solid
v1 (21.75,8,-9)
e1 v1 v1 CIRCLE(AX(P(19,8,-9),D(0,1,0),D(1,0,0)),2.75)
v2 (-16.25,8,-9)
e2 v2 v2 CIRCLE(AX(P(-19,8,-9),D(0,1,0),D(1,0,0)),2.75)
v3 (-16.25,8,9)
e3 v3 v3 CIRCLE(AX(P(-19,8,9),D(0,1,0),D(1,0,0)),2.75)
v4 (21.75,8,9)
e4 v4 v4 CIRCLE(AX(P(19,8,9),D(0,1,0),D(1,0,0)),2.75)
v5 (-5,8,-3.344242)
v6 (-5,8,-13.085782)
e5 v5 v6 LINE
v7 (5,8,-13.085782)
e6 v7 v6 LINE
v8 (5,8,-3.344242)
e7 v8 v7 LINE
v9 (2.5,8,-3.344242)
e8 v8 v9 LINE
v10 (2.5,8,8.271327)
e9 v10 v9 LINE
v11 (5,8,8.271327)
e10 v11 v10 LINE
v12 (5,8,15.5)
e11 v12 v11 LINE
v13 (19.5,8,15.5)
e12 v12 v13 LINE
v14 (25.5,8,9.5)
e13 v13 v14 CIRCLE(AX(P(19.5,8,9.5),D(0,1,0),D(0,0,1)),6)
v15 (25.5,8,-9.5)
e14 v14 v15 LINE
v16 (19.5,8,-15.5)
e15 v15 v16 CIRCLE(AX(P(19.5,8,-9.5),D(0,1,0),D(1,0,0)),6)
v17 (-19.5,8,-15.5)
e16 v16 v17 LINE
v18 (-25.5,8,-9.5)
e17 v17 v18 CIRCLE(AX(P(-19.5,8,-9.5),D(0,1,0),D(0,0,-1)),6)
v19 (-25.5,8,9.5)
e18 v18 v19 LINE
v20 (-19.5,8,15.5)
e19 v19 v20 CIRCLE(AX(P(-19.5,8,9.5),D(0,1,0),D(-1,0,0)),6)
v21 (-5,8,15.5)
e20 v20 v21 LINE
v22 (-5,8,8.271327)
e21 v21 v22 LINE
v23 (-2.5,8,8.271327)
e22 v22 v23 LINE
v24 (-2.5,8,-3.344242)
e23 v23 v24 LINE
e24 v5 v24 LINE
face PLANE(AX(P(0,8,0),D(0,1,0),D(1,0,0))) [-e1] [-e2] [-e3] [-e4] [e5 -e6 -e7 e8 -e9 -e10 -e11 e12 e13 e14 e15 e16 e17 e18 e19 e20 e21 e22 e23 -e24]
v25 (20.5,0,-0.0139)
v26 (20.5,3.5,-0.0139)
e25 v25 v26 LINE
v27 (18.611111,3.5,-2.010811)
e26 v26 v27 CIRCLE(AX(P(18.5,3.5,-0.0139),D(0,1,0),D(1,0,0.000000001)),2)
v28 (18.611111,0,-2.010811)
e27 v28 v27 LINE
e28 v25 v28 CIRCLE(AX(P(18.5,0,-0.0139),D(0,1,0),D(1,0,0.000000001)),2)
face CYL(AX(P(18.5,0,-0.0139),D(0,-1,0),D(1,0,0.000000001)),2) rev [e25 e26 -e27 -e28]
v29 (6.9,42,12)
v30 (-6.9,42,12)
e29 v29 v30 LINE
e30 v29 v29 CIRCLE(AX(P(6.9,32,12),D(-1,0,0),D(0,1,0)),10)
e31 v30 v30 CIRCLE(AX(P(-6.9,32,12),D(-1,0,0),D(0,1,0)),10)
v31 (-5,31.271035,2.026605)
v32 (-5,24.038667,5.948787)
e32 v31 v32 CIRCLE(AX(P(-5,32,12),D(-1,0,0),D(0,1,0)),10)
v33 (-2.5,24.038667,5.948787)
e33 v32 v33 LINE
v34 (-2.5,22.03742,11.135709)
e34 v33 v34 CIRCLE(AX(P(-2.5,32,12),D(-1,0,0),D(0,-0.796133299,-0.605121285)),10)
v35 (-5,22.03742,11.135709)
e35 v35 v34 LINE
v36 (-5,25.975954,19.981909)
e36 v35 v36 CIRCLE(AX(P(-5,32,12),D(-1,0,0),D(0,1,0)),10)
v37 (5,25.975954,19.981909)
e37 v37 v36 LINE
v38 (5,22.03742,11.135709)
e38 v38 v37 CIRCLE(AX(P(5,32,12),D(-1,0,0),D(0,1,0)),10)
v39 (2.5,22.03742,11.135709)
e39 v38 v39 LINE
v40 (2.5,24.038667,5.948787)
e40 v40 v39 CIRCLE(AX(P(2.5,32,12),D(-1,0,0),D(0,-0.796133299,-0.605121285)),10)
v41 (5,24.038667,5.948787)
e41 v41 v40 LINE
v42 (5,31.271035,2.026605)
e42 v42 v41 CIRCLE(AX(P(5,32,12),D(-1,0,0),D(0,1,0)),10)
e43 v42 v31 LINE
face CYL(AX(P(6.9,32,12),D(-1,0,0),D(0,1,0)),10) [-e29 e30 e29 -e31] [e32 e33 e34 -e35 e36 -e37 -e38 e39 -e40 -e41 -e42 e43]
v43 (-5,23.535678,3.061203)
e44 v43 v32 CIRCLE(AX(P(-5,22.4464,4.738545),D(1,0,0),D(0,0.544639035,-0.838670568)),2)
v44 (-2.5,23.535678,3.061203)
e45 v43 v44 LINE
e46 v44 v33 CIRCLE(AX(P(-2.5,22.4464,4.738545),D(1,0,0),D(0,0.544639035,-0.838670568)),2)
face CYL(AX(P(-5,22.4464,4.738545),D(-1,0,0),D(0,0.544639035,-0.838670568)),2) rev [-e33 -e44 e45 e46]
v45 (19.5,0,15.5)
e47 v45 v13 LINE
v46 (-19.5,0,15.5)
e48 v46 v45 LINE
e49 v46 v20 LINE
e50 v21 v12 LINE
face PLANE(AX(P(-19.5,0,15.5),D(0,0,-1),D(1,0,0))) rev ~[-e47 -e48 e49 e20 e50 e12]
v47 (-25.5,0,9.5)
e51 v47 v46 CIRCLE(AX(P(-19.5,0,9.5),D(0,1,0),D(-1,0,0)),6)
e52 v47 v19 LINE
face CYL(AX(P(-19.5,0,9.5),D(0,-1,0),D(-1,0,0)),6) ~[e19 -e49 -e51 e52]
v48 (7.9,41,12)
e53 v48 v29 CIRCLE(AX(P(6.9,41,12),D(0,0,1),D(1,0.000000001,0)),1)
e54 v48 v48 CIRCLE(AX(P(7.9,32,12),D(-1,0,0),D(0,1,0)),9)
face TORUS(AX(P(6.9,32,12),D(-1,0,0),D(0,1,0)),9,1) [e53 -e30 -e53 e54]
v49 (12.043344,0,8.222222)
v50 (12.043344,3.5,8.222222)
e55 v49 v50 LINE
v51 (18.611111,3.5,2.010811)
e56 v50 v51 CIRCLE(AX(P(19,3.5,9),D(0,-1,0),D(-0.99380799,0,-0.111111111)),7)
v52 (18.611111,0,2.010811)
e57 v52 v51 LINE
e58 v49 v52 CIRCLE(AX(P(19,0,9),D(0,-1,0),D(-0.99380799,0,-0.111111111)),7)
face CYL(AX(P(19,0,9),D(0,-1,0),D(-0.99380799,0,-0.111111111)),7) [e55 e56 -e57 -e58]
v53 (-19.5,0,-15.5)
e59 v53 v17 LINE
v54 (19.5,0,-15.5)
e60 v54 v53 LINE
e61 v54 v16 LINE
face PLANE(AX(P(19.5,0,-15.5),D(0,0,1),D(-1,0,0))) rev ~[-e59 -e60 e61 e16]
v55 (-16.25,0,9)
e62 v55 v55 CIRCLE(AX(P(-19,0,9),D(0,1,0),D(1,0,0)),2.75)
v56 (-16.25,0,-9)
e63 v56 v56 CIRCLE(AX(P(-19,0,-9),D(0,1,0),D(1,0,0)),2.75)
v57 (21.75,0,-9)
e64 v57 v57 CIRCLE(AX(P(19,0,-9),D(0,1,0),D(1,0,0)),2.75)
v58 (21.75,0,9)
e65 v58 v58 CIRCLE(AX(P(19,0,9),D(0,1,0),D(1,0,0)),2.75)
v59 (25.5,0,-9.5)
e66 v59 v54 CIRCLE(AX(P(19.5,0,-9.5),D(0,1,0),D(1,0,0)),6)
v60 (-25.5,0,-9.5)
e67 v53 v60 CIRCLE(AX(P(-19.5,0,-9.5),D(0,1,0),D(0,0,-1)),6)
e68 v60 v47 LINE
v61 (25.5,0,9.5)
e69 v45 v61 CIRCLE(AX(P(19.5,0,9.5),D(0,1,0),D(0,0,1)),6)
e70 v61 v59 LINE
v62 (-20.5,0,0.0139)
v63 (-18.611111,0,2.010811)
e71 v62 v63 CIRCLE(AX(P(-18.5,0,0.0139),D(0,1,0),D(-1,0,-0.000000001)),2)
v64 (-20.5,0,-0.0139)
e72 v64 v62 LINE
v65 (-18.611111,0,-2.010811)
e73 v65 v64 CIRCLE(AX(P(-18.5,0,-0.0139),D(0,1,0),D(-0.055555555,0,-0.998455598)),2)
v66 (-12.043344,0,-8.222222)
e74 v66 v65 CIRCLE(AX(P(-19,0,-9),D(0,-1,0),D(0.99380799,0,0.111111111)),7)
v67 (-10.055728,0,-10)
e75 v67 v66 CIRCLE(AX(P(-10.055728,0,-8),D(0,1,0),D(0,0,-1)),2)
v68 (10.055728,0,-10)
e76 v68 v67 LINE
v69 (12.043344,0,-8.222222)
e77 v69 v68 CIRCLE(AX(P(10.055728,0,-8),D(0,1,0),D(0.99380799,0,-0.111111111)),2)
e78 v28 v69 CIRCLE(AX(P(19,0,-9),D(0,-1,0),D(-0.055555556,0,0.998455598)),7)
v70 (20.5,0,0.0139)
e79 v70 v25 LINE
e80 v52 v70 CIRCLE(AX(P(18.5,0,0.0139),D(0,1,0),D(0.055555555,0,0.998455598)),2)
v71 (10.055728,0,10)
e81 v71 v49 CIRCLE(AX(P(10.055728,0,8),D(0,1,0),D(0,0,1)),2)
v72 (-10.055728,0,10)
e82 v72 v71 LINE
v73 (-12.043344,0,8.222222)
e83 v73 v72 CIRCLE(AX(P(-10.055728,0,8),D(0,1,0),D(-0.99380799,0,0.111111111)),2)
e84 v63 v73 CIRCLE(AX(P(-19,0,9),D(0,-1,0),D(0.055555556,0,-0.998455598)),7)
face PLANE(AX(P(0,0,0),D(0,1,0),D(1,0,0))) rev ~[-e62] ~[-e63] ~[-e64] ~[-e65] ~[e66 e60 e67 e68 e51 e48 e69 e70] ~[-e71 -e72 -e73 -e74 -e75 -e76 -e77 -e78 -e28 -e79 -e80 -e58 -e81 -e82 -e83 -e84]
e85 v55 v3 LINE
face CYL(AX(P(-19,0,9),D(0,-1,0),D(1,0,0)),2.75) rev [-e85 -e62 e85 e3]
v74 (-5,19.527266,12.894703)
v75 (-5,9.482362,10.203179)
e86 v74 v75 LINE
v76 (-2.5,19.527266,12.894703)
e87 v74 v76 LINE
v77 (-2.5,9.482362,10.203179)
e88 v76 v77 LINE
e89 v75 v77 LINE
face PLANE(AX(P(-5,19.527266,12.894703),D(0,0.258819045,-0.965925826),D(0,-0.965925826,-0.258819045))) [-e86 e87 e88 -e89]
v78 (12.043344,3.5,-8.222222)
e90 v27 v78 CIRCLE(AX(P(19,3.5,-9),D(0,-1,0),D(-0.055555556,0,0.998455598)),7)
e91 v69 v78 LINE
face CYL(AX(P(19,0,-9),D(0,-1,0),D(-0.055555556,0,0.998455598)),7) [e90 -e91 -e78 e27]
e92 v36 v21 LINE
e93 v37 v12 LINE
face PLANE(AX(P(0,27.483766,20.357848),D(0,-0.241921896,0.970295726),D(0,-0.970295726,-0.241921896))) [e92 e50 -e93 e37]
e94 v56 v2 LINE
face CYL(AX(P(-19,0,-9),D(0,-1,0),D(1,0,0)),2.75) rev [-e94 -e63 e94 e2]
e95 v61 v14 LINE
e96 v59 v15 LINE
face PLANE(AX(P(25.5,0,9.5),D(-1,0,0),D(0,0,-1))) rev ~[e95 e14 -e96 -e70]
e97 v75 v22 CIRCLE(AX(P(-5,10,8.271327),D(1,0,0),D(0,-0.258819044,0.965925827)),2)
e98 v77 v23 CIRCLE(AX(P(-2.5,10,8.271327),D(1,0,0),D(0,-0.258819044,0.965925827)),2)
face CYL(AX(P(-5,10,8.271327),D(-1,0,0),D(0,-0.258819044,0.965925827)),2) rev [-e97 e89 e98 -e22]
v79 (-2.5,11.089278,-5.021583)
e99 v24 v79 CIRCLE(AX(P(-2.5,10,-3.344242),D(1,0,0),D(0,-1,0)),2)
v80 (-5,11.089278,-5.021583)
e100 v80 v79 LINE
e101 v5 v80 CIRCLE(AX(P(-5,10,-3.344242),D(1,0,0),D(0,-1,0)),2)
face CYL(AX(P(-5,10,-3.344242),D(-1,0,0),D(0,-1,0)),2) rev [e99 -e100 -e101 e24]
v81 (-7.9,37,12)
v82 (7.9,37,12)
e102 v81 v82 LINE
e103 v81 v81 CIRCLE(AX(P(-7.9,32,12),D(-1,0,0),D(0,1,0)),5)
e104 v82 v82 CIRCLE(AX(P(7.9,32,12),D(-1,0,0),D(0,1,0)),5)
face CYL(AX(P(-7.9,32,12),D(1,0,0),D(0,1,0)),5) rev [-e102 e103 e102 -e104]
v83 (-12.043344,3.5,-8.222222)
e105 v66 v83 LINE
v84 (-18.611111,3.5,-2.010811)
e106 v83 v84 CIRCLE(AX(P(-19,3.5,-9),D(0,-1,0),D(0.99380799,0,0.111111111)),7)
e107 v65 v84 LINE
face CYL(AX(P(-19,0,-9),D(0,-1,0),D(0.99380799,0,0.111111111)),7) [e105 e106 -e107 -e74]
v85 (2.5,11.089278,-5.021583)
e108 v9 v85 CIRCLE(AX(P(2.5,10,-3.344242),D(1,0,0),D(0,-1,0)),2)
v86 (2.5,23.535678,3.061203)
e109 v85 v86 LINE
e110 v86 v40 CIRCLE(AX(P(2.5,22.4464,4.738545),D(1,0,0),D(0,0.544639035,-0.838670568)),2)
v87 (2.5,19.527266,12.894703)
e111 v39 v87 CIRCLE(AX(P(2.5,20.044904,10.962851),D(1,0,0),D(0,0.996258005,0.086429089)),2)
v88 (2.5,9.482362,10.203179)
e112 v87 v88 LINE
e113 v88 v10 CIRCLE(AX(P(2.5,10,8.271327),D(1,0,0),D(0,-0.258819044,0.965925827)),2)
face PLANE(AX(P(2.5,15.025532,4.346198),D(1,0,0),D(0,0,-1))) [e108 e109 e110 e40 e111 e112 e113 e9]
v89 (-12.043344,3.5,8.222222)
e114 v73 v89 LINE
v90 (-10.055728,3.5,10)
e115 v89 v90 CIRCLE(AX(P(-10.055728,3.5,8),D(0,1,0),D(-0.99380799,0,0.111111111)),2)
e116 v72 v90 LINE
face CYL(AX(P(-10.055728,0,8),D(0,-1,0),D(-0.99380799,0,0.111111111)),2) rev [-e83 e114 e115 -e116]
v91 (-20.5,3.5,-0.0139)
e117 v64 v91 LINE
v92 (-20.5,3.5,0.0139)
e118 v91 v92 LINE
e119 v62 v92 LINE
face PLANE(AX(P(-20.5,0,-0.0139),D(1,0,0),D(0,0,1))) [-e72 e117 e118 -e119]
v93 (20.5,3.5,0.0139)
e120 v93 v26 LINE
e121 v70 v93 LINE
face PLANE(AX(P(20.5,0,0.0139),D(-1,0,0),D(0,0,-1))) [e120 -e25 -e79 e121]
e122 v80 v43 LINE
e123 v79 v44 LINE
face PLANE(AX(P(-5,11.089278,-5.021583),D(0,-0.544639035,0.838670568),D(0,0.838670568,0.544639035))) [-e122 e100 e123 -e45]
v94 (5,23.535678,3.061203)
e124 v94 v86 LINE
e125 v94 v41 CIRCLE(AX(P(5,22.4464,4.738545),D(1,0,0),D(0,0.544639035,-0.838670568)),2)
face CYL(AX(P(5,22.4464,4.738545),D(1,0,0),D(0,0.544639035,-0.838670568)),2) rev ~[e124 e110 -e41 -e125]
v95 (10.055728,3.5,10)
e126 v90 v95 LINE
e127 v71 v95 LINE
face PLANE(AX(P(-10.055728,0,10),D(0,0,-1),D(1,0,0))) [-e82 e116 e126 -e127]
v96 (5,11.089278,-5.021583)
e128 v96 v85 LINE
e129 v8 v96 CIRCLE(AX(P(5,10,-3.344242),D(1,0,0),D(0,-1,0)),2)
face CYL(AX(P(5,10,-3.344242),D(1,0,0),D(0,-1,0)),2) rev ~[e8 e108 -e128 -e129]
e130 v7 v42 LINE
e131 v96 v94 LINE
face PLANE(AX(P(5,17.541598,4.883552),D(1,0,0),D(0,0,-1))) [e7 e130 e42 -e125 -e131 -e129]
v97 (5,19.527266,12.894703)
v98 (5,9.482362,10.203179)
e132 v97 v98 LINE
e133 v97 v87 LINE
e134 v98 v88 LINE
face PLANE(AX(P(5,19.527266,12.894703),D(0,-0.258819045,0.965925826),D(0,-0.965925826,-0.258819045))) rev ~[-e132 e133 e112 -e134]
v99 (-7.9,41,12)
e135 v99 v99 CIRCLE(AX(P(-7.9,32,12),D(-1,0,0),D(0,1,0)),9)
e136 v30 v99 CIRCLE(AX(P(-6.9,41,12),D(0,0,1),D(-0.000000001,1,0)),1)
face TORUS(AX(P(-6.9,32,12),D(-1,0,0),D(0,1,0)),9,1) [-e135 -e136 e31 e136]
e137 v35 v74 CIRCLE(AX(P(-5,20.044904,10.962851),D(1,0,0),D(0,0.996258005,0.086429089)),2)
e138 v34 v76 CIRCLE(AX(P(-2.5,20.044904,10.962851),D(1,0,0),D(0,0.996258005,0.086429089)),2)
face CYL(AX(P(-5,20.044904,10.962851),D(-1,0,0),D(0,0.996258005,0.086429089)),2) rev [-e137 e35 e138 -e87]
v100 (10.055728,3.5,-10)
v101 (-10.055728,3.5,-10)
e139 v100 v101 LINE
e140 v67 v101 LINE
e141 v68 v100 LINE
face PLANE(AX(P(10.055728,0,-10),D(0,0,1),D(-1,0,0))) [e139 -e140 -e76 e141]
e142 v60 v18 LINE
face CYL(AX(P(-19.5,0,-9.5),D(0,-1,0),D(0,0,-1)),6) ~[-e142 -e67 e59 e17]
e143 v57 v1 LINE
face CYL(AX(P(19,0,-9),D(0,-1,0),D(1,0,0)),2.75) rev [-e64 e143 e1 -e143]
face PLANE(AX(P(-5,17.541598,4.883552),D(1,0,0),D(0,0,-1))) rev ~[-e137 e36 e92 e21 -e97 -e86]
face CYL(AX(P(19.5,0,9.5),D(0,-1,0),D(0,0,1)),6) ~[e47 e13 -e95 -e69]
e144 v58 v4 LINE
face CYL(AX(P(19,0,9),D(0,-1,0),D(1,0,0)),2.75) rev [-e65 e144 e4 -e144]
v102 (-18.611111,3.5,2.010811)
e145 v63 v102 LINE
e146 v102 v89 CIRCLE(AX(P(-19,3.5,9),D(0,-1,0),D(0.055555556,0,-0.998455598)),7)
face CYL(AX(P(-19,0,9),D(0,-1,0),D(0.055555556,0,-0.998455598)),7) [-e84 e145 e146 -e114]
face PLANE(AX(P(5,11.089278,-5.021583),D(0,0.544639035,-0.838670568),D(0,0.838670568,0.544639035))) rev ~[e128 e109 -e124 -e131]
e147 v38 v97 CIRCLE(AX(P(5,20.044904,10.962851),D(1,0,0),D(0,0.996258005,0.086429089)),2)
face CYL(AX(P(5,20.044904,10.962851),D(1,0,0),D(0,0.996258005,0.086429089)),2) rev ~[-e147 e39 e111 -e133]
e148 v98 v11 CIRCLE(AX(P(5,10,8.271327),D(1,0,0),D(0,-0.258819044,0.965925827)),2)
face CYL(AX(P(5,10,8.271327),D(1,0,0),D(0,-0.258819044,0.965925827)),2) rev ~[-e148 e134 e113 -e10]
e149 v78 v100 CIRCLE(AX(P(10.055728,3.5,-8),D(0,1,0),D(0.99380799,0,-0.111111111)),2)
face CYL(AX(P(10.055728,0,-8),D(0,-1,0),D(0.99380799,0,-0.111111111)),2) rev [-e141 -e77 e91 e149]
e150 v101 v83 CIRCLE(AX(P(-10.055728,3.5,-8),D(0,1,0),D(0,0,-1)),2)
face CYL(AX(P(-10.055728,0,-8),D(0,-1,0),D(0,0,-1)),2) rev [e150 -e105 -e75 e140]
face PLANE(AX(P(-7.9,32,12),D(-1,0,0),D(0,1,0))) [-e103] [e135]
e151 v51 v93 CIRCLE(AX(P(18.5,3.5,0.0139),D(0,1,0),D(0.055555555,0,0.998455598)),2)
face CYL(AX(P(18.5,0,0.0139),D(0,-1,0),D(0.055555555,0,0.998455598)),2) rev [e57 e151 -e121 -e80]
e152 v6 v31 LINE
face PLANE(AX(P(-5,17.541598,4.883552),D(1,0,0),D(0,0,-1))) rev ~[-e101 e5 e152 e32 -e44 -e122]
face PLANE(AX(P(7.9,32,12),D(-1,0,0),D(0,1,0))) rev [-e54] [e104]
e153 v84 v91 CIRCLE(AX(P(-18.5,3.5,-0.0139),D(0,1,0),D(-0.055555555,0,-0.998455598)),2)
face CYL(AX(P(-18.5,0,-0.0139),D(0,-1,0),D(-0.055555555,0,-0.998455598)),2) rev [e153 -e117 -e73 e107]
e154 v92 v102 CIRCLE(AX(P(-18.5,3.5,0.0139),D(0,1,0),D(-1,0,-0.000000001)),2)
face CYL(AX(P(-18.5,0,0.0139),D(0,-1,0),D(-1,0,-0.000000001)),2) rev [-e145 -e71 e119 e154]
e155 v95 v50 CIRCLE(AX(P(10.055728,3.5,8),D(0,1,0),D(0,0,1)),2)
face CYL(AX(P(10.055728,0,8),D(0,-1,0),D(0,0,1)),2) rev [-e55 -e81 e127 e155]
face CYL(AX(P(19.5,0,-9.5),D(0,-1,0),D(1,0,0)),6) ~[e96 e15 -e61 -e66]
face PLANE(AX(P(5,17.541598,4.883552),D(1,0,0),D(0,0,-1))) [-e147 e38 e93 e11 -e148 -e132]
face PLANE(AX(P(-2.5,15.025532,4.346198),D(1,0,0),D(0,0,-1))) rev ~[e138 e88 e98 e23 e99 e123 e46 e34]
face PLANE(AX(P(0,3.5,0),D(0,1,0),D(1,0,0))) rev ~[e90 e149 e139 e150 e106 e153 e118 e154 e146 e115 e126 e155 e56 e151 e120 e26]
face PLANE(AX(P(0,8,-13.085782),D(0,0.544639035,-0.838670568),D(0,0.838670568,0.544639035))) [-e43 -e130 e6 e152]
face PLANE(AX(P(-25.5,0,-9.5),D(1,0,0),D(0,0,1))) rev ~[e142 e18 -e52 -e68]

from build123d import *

# Parameters (mm, degrees)
SKETCH1_R                = 2.75
BOSS_EXTRUDE1_DEPTH      = 8
BOSS_EXTRUDE2_DEPTH      = 5
BOSS_EXTRUDE2_DEPTH_BACK = 5
CUT_EXTRUDE1_DEPTH       = 2.5
CUT_EXTRUDE2_DEPTH       = 2.5
CUT_EXTRUDE3_DEPTH       = 3.5


with BuildPart() as part:
    # Sketch1 → Boss-Extrude1 (new body)
    with BuildSketch(Plane(origin=(0, 0, 0), x_dir=(1, 0, 0), z_dir=(0, 1, 0))):
        with BuildLine():
            Line((-19.5, -15.5), (19.5, -15.5))
            ThreePointArc((19.5, -15.5), (23.742640687, -13.742640687), (25.5, -9.5))
            Line((25.5, -9.5), (25.5, 9.5))
            ThreePointArc((25.5, 9.5), (23.742640687, 13.742640687), (19.5, 15.5))
            Line((19.5, 15.5), (-19.5, 15.5))
            ThreePointArc((-19.5, 15.5), (-23.742640687, 13.742640687), (-25.5, 9.5))
            Line((-25.5, 9.5), (-25.5, -9.5))
            ThreePointArc((-25.5, -9.5), (-23.742640687, -13.742640687), (-19.5, -15.5))
        make_face()
        with Locations((19, 9)):
            Circle(SKETCH1_R, mode=Mode.SUBTRACT)
        with Locations((19, -9)):
            Circle(SKETCH1_R, mode=Mode.SUBTRACT)
        with Locations((-19, 9)):
            Circle(SKETCH1_R, mode=Mode.SUBTRACT)
        with Locations((-19, -9)):
            Circle(SKETCH1_R, mode=Mode.SUBTRACT)
    extrude(amount=BOSS_EXTRUDE1_DEPTH)

    # Sketch2 → Boss-Extrude2 (add, two sides)
    with BuildSketch(Plane(origin=(0, 0, 0), x_dir=(0, 0, -1), z_dir=(1, 0, 0))) as boss_extrude2_sk:
        with BuildLine():
            Line((-20.35784849, 27.483766103), (-15.5, 8))
            Line((-15.5, 8), (13.085782237, 8))
            Line((13.085782237, 8), (-2.5, 32))
            ThreePointArc((-2.5, 32), (-9.670789904, 22.789963066), (-20.35784849, 27.483766103))
        make_face()
    extrude(amount=BOSS_EXTRUDE2_DEPTH)
    extrude(boss_extrude2_sk.sketch, amount=-BOSS_EXTRUDE2_DEPTH_BACK)

    # Sketch3 → Cut-Extrude1 (cut)
    with BuildSketch(Plane(origin=(5, 0, 0), x_dir=(0, 0, -1), z_dir=(1, 0, 0))):
        with BuildLine():
            Line((-12.894702583, 19.52726585), (-10.203178684, 9.48236191))
            ThreePointArc((-10.203178684, 9.48236191), (-9.48884989, 8.413293319), (-8.271327032, 8))
            Line((-8.271327032, 8), (3.344242354, 8))
            ThreePointArc((3.344242354, 8), (5.101876579, 9.045682479), (5.02158349, 11.08927807))
            Line((5.02158349, 11.08927807), (-3.061203443, 23.535678478))
            ThreePointArc((-3.061203443, 23.535678478), (-4.395332352, 24.416731692), (-5.948787149, 24.038667007))
            ThreePointArc((-5.948787149, 24.038667007), (-8.400375652, 22.670332023), (-11.135709109, 22.03741995))
            ThreePointArc((-11.135709109, 22.03741995), (-12.60073654, 21.192654231), (-12.894702583, 19.52726585))
        make_face()
    extrude(amount=-CUT_EXTRUDE1_DEPTH, mode=Mode.SUBTRACT)

    # Sketch4 → Cut-Extrude2 (cut)
    with BuildSketch(Plane(origin=(-5, 0, 0), x_dir=(0, 0, -1), z_dir=(1, 0, 0))):
        with BuildLine():
            Line((-12.894702583, 19.52726585), (-10.203178684, 9.48236191))
            ThreePointArc((-10.203178684, 9.48236191), (-9.48884989, 8.413293319), (-8.271327032, 8))
            Line((-8.271327032, 8), (3.344242354, 8))
            ThreePointArc((3.344242354, 8), (5.101876579, 9.045682479), (5.02158349, 11.08927807))
            Line((5.02158349, 11.08927807), (-3.061203443, 23.535678478))
            ThreePointArc((-3.061203443, 23.535678478), (-4.395332352, 24.416731692), (-5.948787149, 24.038667007))
            ThreePointArc((-5.948787149, 24.038667007), (-8.400375652, 22.670332023), (-11.135709109, 22.03741995))
            ThreePointArc((-11.135709109, 22.03741995), (-12.60073654, 21.192654231), (-12.894702583, 19.52726585))
        make_face()
    extrude(amount=CUT_EXTRUDE2_DEPTH, mode=Mode.SUBTRACT)

    # Sketch5 → Revolve1 (revolve)
    with BuildSketch(Plane.XY.offset(12)):
        with BuildLine():
            Line((-7.9, 41), (-7.9, 37))
            Line((-7.9, 37), (7.9, 37))
            Line((7.9, 37), (7.9, 41))
            ThreePointArc((7.9, 41), (7.607106781, 41.707106781), (6.9, 42))
            Line((6.9, 42), (-6.9, 42))
            ThreePointArc((-6.9, 42), (-7.607106781, 41.707106781), (-7.9, 41))
        make_face()
    revolve(axis=Axis((7.9, 32, 12), (-1, 0, 0)))

    # Sketch6 → Cut-Extrude3 (cut)
    with BuildSketch(Plane(origin=(0, 0, 0), x_dir=(1, 0, 0), z_dir=(0, 1, 0))):
        with BuildLine():
            Line((-20.5, 0.013899622), (-20.5, -0.013899622))
            ThreePointArc((-20.5, -0.013899622), (-19.952966315, -1.388268164), (-18.611111111, -2.010810817))
            ThreePointArc((-18.611111111, -2.010810817), (-14.190149162, -3.914202627), (-12.04334407, -8.222222222))
            ThreePointArc((-12.04334407, -8.222222222), (-11.389061423, -9.490711985), (-10.05572809, -10))
            Line((-10.05572809, -10), (10.05572809, -10))
            ThreePointArc((10.05572809, -10), (11.389061423, -9.490711985), (12.04334407, -8.222222222))
            ThreePointArc((12.04334407, -8.222222222), (14.190149162, -3.914202627), (18.611111111, -2.010810817))
            ThreePointArc((18.611111111, -2.010810817), (19.952966315, -1.388268164), (20.5, -0.013899622))
            Line((20.5, -0.013899622), (20.5, 0.013899622))
            ThreePointArc((20.5, 0.013899622), (19.952966315, 1.388268164), (18.611111111, 2.010810817))
            ThreePointArc((18.611111111, 2.010810817), (14.190149162, 3.914202627), (12.04334407, 8.222222222))
            ThreePointArc((12.04334407, 8.222222222), (11.389061423, 9.490711985), (10.05572809, 10))
            Line((10.05572809, 10), (-10.05572809, 10))
            ThreePointArc((-10.05572809, 10), (-11.389061423, 9.490711985), (-12.04334407, 8.222222222))
            ThreePointArc((-12.04334407, 8.222222222), (-14.190149162, 3.914202627), (-18.611111111, 2.010810817))
            ThreePointArc((-18.611111111, 2.010810817), (-19.952966315, 1.388268164), (-20.5, 0.013899622))
        make_face()
    extrude(amount=CUT_EXTRUDE3_DEPTH, mode=Mode.SUBTRACT)


solid = part.part
